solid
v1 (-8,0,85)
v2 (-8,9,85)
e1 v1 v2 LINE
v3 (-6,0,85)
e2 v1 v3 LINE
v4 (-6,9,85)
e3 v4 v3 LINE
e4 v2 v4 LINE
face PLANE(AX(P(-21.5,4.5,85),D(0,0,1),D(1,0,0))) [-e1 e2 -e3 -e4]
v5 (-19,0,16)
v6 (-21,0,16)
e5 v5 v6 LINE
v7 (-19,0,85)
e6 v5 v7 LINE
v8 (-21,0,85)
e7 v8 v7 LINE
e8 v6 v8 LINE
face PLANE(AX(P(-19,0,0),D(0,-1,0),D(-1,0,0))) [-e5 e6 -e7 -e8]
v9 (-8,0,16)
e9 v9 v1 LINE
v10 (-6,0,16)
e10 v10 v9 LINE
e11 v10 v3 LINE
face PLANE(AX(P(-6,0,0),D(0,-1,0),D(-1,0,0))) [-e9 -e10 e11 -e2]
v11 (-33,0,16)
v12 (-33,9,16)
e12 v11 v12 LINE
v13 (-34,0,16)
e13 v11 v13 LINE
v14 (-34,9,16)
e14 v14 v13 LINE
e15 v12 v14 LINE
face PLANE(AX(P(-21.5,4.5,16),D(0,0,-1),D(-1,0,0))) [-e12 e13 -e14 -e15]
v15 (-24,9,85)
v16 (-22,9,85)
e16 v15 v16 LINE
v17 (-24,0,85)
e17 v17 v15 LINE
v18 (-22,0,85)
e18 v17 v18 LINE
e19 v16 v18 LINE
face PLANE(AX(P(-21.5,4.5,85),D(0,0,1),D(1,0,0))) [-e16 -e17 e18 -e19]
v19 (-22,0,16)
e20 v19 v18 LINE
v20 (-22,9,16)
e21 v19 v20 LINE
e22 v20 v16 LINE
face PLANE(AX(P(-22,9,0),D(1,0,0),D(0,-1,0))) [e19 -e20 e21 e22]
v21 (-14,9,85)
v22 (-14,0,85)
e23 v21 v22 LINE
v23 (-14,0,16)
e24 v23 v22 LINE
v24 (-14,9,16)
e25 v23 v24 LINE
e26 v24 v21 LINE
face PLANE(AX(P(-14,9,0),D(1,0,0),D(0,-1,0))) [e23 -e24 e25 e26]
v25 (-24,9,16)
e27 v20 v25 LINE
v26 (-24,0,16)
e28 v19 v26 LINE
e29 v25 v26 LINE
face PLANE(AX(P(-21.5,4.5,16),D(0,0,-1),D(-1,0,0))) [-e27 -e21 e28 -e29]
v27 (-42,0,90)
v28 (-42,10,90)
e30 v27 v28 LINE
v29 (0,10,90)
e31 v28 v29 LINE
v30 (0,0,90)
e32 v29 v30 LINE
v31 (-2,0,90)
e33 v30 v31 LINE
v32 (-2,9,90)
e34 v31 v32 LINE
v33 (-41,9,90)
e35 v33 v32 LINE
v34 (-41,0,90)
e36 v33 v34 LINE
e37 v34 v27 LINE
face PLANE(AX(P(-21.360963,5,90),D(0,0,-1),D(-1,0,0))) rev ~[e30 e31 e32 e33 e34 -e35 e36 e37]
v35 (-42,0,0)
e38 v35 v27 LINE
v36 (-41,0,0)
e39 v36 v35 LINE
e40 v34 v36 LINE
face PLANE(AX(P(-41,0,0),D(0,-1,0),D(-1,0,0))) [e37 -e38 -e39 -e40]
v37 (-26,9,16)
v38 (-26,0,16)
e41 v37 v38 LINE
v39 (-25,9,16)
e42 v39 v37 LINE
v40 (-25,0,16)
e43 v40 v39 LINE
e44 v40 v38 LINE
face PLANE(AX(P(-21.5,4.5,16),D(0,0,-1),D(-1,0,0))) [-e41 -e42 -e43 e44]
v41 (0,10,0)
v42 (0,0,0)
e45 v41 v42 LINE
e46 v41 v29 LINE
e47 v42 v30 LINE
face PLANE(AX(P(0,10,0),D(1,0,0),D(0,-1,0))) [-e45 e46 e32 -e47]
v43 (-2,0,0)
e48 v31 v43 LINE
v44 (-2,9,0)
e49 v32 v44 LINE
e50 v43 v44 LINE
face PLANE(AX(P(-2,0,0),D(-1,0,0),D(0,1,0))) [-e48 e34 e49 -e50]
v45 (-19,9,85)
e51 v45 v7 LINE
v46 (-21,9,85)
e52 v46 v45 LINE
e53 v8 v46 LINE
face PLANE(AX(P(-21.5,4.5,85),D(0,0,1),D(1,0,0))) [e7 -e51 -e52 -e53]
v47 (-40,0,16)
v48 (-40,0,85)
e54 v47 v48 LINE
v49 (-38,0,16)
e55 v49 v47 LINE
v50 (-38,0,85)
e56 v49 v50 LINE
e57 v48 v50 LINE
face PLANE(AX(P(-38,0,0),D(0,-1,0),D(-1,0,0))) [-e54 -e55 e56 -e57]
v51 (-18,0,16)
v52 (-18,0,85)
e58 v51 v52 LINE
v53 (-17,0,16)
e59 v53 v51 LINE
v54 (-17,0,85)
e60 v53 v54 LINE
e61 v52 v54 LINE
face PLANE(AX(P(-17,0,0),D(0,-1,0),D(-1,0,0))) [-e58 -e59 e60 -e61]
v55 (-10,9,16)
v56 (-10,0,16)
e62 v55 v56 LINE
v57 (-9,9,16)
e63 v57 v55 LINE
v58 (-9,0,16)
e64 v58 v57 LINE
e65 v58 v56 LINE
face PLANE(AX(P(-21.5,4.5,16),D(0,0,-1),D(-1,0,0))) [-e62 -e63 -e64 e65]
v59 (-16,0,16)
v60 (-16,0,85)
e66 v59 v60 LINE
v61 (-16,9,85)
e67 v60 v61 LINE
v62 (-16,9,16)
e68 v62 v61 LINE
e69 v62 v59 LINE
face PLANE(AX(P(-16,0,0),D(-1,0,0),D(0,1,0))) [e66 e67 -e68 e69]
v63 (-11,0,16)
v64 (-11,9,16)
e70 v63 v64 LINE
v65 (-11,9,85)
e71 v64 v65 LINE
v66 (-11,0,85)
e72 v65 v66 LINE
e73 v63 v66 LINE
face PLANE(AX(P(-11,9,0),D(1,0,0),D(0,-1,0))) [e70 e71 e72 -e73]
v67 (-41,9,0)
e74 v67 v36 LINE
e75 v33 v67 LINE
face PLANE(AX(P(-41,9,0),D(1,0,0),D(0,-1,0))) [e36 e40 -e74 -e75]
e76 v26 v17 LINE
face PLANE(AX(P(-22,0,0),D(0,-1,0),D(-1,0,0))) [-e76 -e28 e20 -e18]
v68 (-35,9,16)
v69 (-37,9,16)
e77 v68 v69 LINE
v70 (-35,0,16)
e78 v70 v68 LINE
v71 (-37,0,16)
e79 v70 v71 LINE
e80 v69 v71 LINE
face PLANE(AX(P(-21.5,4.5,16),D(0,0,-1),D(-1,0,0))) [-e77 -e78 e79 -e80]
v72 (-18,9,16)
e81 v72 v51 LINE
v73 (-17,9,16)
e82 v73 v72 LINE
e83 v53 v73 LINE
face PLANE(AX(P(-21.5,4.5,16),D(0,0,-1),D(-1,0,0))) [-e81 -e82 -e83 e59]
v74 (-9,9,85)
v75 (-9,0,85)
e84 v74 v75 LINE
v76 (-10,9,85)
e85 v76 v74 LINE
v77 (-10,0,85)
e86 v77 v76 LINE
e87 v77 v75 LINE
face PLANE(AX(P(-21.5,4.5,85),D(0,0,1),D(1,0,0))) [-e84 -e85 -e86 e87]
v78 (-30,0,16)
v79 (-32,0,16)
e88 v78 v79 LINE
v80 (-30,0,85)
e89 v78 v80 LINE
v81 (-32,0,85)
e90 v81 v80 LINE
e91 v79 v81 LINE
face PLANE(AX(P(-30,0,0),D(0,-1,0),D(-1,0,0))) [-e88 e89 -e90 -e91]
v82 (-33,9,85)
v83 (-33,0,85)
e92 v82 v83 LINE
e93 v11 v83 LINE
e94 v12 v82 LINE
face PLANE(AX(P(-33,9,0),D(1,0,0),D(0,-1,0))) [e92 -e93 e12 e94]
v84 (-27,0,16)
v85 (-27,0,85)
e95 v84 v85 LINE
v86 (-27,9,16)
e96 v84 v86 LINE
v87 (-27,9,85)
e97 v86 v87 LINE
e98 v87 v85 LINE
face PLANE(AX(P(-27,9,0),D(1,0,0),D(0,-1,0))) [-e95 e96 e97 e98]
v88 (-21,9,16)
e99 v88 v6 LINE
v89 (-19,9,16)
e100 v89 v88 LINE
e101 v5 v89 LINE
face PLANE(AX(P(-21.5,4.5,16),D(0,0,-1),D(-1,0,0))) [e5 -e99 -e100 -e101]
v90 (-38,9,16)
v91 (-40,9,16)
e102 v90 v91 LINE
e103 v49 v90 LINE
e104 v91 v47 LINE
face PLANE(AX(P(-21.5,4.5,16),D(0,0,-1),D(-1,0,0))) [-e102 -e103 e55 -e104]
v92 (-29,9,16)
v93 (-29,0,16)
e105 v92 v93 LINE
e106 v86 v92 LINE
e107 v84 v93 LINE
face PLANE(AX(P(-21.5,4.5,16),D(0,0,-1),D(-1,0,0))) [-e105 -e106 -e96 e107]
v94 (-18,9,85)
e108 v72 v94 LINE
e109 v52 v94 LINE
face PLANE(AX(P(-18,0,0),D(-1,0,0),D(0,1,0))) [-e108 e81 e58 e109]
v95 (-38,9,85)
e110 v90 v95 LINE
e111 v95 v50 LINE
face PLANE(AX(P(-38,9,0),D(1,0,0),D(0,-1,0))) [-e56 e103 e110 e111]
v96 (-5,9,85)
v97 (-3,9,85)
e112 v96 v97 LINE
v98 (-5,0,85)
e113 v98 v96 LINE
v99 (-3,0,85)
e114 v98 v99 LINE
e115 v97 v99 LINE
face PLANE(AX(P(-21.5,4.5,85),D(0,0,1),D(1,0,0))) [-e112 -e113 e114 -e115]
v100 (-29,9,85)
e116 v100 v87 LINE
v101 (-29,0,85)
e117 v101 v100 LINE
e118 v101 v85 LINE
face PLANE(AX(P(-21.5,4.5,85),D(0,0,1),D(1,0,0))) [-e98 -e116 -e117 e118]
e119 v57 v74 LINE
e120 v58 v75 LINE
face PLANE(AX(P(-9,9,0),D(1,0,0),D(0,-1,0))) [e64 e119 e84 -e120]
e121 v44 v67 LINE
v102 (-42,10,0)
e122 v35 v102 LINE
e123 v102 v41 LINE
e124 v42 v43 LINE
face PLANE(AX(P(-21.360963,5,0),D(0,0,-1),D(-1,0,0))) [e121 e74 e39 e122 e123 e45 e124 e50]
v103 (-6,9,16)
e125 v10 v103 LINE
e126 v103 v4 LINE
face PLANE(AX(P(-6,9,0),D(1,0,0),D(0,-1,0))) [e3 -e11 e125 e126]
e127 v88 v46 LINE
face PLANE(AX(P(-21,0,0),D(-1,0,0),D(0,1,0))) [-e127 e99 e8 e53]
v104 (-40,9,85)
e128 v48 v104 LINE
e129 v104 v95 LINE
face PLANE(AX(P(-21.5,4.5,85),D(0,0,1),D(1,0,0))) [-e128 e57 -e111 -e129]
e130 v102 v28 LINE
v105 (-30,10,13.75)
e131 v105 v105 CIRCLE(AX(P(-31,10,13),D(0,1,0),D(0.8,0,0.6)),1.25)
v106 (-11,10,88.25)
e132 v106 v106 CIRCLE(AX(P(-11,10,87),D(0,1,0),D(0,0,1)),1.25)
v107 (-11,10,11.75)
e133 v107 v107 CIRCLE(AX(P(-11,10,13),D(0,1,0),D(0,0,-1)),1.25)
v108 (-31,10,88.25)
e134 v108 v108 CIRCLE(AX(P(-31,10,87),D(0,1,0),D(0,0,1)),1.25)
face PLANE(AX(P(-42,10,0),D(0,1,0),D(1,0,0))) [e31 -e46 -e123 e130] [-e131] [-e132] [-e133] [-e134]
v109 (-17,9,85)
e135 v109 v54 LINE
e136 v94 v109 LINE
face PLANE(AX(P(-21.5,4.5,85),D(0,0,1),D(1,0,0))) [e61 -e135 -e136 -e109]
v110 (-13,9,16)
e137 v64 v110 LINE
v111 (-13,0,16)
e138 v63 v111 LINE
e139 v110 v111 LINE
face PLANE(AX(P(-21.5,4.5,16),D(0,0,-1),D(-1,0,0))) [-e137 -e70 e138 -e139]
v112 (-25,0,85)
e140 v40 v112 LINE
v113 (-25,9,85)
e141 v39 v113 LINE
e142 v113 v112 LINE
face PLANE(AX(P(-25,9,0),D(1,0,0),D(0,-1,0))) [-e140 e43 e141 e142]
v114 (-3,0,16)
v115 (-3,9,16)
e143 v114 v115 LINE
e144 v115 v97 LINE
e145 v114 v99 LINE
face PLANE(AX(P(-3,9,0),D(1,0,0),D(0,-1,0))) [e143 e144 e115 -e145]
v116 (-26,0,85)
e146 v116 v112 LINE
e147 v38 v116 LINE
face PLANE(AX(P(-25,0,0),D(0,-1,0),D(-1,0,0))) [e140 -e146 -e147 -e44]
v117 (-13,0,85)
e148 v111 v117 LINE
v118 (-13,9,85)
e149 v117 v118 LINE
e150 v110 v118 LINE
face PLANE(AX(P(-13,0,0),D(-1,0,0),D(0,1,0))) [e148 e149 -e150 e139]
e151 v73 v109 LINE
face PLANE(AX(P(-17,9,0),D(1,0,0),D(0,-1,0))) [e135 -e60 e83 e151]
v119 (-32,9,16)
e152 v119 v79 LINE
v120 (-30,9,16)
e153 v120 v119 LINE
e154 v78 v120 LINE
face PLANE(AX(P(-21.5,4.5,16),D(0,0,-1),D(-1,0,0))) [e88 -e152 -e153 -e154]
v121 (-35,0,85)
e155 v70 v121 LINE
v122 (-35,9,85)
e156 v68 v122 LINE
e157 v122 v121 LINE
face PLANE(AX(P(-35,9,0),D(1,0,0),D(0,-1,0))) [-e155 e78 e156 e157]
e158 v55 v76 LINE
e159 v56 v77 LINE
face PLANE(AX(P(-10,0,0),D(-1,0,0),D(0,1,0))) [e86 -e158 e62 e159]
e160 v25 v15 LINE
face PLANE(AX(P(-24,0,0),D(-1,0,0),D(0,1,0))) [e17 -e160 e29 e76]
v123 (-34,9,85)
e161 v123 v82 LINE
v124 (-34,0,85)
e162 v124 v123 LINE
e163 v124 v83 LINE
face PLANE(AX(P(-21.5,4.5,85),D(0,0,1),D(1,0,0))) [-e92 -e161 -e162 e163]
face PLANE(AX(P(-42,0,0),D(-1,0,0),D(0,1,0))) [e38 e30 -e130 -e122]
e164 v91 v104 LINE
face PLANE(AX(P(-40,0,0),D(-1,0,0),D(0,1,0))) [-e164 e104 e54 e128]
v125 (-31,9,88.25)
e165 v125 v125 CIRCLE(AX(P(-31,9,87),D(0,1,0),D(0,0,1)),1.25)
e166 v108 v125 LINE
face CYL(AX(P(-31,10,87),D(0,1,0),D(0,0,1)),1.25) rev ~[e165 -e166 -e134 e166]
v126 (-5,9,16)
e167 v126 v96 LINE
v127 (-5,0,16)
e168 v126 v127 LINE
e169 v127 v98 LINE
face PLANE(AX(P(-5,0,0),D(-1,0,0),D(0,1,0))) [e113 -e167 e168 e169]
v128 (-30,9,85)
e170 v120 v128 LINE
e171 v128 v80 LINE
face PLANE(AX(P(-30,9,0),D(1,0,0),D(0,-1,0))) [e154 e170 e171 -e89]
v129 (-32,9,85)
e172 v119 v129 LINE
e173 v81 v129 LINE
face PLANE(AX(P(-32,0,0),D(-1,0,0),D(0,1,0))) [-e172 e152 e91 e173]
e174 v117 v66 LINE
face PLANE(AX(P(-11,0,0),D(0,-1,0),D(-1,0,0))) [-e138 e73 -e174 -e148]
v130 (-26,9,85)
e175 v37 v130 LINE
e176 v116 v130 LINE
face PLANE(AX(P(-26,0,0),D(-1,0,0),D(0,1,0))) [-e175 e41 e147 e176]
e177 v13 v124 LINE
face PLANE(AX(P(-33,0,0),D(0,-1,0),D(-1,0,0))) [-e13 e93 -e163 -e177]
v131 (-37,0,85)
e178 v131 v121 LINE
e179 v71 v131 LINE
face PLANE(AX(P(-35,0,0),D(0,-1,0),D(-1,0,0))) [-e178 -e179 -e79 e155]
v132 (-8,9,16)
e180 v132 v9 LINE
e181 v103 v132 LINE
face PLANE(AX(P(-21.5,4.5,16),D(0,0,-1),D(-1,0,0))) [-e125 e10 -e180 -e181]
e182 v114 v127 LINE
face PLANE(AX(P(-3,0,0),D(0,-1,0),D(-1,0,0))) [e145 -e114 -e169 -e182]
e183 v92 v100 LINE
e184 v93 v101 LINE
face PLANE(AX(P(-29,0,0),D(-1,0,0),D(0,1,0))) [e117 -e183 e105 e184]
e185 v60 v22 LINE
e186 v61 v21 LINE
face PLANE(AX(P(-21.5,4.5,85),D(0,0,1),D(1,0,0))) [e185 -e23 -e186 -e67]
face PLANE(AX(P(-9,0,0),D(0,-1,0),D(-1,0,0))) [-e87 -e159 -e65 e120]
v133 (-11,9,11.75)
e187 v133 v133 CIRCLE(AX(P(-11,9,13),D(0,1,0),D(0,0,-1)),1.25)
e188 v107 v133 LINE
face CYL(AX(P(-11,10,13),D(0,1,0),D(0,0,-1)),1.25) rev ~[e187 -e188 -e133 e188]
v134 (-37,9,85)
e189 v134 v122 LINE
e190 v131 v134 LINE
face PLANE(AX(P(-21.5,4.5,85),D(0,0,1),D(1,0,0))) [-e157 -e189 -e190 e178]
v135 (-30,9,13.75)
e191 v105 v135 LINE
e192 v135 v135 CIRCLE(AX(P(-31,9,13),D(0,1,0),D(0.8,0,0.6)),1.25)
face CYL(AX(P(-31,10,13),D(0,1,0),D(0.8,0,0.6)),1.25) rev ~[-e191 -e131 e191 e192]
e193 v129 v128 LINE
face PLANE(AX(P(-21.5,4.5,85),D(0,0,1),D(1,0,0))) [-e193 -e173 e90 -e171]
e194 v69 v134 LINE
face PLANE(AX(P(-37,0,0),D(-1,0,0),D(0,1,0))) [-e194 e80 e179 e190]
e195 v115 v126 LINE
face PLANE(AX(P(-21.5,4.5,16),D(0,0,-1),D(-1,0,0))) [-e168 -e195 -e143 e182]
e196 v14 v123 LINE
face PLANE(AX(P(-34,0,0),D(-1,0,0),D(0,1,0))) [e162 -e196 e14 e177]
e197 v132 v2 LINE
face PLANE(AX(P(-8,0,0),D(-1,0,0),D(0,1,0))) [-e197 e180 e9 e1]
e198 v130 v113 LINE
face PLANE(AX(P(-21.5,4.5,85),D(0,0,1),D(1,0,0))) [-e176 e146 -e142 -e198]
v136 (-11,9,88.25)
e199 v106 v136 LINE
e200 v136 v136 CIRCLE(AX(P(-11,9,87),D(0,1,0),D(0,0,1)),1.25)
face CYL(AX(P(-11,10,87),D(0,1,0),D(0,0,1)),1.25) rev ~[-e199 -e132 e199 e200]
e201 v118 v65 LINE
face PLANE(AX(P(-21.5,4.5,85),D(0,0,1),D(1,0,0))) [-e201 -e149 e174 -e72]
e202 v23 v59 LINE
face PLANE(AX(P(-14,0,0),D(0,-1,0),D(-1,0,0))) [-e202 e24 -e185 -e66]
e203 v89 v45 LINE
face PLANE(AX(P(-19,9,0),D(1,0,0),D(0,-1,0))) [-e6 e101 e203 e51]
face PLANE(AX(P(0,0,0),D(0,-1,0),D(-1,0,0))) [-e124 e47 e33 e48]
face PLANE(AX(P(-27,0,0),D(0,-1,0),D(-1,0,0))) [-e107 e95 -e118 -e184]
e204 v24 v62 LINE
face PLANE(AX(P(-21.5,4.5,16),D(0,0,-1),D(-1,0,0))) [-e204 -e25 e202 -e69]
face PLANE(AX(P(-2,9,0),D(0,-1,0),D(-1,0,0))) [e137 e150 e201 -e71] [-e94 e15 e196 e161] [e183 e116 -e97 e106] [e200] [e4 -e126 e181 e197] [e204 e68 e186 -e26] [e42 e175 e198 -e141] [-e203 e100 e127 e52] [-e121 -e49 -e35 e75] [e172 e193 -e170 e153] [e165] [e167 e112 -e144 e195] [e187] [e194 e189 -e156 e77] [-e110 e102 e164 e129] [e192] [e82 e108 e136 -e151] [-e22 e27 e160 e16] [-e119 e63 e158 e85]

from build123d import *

# Parameters (mm, degrees)
BOSS_EXTRU_1_DEPTH      = 90
ESQUISSE3_W             = 39
ESQUISSE3_H             = 9
ENL_V_MAT_EXTRU_1_DEPTH = 5
ESQUISSE4_R             = 1.25
ENL_V_MAT_EXTRU_2_DEPTH = 5
ESQUISSE5_W             = 39
ESQUISSE5_H             = 9
ENL_V_MAT_EXTRU_3_DEPTH = 16


with BuildPart() as part:
    # Esquisse1 → Boss.-Extru.1 (new body)
    with BuildSketch(Plane.XY):
        Polygon((0, 0), (-2, 0), (-2, 9), (-3, 9), (-3, 0), (-5, 0), (-5, 9), (-6, 9), (-6, 0), (-8, 0), (-8, 9), (-9, 9), (-9, 0), (-10, 0), (-10, 9), (-11, 9), (-11, 0), (-13, 0), (-13, 9), (-14, 9), (-14, 0), (-16, 0), (-16, 9), (-17, 9), (-17, 0), (-18, 0), (-18, 9), (-19, 9), (-19, 0), (-21, 0), (-21, 9), (-22, 9), (-22, 0), (-24, 0), (-24, 9), (-25, 9), (-25, 0), (-26, 0), (-26, 9), (-27, 9), (-27, 0), (-29, 0), (-29, 9), (-30, 9), (-30, 0), (-32, 0), (-32, 9), (-33, 9), (-33, 0), (-34, 0), (-34, 9), (-35, 9), (-35, 0), (-37, 0), (-37, 9), (-38, 9), (-38, 0), (-40, 0), (-40, 9), (-41, 9), (-41, 0), (-42, 0), (-42, 10), (0, 10), align=None)
    extrude(amount=BOSS_EXTRU_1_DEPTH)

    # Esquisse3 → Enlèv. mat.-Extru.1 (cut)
    with BuildSketch(Plane.XY.offset(90)):
        with Locations((-21.5, 4.5)):
            Rectangle(ESQUISSE3_W, ESQUISSE3_H)
    extrude(amount=-ENL_V_MAT_EXTRU_1_DEPTH, mode=Mode.SUBTRACT)

    # Esquisse4 → Enlèv. mat.-Extru.2 (cut)
    with BuildSketch(Plane(origin=(0, 10, 0), x_dir=(1, 0, 0), z_dir=(0, 1, 0))):
        with Locations(Location((-31, -87, 0), (0, 0, 270))):
            Circle(ESQUISSE4_R)
        with Locations(Location((-11, -87, 0), (0, 0, 270))):
            Circle(ESQUISSE4_R)
        with Locations(Location((-11, -13, 0), (0, 0, 90))):
            Circle(ESQUISSE4_R)
        with Locations(Location((-31, -13, 0), (0, 0, 323.130102354))):
            Circle(ESQUISSE4_R)
    extrude(amount=-ENL_V_MAT_EXTRU_2_DEPTH, mode=Mode.SUBTRACT)

    # Esquisse5 → Enlèv. mat.-Extru.3 (cut)
    with BuildSketch(Plane(origin=(0, 0, 0), x_dir=(-1, 0, 0), z_dir=(0, 0, -1))):
        with Locations((21.5, 4.5)):
            Rectangle(ESQUISSE5_W, ESQUISSE5_H)
    extrude(amount=-ENL_V_MAT_EXTRU_3_DEPTH, mode=Mode.SUBTRACT)


solid = part.part
